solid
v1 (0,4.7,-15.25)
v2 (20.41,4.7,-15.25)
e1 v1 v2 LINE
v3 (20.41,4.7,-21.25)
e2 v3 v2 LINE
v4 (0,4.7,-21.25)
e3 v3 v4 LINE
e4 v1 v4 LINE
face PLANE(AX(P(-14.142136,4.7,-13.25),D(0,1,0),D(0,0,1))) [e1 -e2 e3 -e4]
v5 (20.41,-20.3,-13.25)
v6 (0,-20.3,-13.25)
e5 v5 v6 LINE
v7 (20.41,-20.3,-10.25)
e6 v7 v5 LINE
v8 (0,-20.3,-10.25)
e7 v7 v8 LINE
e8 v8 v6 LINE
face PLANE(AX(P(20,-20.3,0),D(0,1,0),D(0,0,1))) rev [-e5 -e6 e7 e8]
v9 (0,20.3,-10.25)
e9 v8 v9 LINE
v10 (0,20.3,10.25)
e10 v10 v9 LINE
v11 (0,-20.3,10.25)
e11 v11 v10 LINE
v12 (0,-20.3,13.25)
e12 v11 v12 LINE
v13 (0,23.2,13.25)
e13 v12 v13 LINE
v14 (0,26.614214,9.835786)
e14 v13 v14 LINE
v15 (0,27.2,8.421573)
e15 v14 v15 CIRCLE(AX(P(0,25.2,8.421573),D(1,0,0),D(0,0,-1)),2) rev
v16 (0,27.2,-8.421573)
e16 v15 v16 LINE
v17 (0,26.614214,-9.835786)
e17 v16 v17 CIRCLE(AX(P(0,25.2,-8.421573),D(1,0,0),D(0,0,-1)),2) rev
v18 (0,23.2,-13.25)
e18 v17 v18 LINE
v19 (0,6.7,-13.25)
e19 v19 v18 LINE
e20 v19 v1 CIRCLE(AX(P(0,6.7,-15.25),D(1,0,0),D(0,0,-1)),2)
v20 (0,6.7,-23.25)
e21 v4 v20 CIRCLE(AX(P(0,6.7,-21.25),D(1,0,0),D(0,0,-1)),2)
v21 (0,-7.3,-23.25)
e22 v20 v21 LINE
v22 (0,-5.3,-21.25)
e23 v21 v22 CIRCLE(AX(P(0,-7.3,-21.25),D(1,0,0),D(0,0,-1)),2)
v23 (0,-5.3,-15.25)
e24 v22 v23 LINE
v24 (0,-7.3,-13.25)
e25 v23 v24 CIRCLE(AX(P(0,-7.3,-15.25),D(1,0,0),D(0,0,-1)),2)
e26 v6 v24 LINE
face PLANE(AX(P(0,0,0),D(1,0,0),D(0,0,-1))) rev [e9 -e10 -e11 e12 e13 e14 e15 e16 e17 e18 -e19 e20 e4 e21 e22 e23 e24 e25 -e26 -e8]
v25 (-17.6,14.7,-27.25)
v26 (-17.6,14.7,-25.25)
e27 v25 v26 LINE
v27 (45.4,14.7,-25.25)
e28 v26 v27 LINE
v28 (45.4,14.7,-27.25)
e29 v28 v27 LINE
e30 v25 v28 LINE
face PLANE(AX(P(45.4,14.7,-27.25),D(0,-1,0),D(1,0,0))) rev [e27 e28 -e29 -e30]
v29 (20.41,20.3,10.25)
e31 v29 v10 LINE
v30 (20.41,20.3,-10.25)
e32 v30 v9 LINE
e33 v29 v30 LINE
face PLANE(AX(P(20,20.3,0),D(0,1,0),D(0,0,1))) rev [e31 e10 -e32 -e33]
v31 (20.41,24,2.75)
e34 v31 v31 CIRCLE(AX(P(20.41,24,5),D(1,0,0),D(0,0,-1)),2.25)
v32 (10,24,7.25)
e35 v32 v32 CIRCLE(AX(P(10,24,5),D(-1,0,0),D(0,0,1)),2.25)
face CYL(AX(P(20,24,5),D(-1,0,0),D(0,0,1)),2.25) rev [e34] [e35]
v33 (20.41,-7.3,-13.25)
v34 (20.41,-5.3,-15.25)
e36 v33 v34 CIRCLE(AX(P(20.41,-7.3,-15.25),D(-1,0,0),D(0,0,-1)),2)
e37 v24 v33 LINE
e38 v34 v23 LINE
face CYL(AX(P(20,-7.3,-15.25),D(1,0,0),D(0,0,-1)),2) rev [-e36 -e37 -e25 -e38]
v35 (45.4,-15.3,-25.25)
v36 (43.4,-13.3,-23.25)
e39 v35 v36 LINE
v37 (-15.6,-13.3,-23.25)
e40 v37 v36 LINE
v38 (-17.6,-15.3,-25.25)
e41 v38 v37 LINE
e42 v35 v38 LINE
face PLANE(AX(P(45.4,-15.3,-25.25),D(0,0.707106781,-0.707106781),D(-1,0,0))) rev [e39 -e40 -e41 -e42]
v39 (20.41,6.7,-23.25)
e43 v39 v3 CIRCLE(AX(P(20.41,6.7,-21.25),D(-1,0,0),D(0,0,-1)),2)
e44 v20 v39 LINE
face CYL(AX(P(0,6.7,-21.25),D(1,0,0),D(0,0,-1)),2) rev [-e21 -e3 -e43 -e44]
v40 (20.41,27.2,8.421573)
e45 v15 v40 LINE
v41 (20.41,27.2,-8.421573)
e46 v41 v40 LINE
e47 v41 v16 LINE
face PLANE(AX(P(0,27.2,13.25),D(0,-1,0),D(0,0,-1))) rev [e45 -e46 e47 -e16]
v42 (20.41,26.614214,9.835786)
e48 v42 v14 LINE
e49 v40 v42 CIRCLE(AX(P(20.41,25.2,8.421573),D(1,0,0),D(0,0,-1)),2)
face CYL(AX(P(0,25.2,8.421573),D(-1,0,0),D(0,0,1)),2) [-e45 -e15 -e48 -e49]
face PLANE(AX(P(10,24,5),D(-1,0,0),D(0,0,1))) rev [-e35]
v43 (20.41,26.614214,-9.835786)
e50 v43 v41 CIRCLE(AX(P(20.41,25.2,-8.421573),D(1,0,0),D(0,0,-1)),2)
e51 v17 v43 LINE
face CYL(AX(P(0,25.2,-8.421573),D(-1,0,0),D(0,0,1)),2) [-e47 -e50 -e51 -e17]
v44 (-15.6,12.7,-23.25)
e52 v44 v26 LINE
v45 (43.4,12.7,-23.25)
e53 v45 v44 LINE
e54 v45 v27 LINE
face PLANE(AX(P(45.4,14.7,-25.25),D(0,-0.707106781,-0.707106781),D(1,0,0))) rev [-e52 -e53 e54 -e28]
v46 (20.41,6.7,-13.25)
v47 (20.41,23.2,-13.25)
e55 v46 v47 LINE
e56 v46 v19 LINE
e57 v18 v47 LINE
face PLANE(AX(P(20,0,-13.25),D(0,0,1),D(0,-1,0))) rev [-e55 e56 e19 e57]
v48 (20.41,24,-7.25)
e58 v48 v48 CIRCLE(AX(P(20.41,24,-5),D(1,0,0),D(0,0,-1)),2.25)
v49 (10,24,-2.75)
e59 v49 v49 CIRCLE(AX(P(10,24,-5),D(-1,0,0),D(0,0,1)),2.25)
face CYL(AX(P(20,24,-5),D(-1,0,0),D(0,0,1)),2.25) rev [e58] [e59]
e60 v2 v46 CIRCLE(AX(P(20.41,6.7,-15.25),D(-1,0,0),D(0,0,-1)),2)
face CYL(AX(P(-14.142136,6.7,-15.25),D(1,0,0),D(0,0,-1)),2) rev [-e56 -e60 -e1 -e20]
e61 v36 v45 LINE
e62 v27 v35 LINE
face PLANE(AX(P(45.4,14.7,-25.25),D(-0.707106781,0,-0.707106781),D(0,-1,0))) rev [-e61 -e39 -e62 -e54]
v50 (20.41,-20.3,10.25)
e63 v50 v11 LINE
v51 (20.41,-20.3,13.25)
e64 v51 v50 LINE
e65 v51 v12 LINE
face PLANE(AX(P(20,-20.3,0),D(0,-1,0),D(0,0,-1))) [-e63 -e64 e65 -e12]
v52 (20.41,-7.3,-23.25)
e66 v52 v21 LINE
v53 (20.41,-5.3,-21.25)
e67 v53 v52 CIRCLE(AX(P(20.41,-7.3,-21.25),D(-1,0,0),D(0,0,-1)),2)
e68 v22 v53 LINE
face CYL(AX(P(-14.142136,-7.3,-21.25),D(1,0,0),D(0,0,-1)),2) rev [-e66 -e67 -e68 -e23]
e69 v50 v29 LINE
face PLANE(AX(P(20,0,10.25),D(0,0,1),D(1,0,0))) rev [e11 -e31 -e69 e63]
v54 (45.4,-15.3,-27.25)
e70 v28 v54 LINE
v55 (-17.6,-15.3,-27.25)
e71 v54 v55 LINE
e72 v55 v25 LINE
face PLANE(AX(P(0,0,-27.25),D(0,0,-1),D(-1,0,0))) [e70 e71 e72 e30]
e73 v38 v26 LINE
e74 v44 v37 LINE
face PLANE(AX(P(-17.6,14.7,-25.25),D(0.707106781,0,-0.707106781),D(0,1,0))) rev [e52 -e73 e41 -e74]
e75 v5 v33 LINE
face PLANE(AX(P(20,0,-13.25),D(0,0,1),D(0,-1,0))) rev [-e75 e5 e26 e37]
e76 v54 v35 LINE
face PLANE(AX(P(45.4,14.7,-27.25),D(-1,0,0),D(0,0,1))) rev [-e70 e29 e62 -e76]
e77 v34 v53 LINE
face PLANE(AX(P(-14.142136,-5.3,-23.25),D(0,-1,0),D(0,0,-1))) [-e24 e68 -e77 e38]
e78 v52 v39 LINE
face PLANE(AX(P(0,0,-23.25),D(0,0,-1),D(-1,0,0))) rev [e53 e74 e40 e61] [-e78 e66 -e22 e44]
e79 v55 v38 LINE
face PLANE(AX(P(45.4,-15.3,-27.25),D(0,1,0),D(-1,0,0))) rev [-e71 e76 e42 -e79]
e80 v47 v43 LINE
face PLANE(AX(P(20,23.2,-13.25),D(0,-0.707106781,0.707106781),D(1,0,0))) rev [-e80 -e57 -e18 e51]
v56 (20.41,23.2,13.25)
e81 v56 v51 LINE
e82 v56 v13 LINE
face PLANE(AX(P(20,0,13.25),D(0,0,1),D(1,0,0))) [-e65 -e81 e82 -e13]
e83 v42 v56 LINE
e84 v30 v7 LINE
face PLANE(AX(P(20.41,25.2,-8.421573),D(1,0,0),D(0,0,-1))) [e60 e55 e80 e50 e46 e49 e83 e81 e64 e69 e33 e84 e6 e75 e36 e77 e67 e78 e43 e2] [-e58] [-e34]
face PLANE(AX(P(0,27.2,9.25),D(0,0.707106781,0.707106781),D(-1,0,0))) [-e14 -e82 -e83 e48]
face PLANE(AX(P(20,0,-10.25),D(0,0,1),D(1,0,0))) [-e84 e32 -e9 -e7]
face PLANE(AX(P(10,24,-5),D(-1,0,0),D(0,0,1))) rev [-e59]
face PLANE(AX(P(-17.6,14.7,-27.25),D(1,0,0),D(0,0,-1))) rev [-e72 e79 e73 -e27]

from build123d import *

# Parameters (mm, degrees)
SKETCH1_R           = 2.25
BOSS_EXTRUDE1_DEPTH = 20
SKETCH2_R           = 2.25
BOSS_EXTRUDE2_DEPTH = 10
SKETCH4_W           = 26.5
SKETCH4_H           = 2.5
CUT_EXTRUDE1_DEPTH  = 39.17921555
CHAMFER2_SIZE       = 4
CHAMFER3_SIZE       = 4
FILLET4_R           = 2
SKETCH7_W           = 10
SKETCH7_H           = 10
BOSS_EXTRUDE5_DEPTH = 20
FILLET6_R           = 2
SKETCH8_W           = 63
SKETCH8_H           = 30
BOSS_EXTRUDE6_DEPTH = 4
CHAMFER4_SIZE       = 2
FILLET7_R           = 2
SKETCH13_R          = 2.25
BOSS_EXTRUDE7_DEPTH = 0.41


with BuildPart() as part:
    # Sketch1 → Boss-Extrude1 (new body)
    with BuildSketch(Plane(origin=(0, 0, 0), x_dir=(0, 0, -1), z_dir=(1, 0, 0))):
        Polygon((10.25, -20.3), (13.25, -20.3), (13.25, 29.7), (-13.25, 29.7), (-13.25, -20.3), (-10.25, -20.3), (-10.25, 20.3), (10.25, 20.3), align=None)
        with Locations((5, 24)):
            Circle(SKETCH1_R, mode=Mode.SUBTRACT)
        with Locations((-5, 24)):
            Circle(SKETCH1_R, mode=Mode.SUBTRACT)
    extrude(amount=BOSS_EXTRUDE1_DEPTH)

    # Sketch2 → Boss-Extrude2 (add)
    with BuildSketch(Plane.ZY):
        with Locations((-5, 24)):
            Circle(SKETCH2_R)
        with Locations((5, 24)):
            Circle(SKETCH2_R)
    extrude(amount=-BOSS_EXTRUDE2_DEPTH)

    # Sketch4 → Cut-Extrude1 (cut, through all)
    with BuildSketch(Plane(origin=(20, 0, 0), x_dir=(0, 0, -1), z_dir=(1, 0, 0))):
        with Locations((0, 28.45)):
            Rectangle(SKETCH4_W, SKETCH4_H)
    extrude(amount=-CUT_EXTRUDE1_DEPTH, mode=Mode.SUBTRACT)

    # Chamfer2
    chamfer2_edges = [part.edges().sort_by_distance(p)[0] for p in [
        (10, 27.2, -13.25),
    ]]
    chamfer(chamfer2_edges, length=CHAMFER2_SIZE)

    # Chamfer3
    chamfer3_edges = [part.edges().sort_by_distance(p)[0] for p in [
        (10, 27.2, 13.25),
    ]]
    chamfer(chamfer3_edges, length=CHAMFER3_SIZE)

    # Fillet4
    fillet4_edges = [part.edges().sort_by_distance(p)[0] for p in [
        (10, 27.2, -9.25),
        (10, 27.2, 9.25),
    ]]
    fillet(fillet4_edges, radius=FILLET4_R)

    # Sketch7 → Boss-Extrude5 (add)
    with BuildSketch(Plane(origin=(20, 0, 0), x_dir=(0, 0, -1), z_dir=(1, 0, 0))):
        with Locations((18.25, -0.3)):
            Rectangle(SKETCH7_W, SKETCH7_H)
    extrude(amount=-BOSS_EXTRUDE5_DEPTH)

    # Fillet6
    fillet6_edges = [part.edges().sort_by_distance(p)[0] for p in [
        (10, -5.3, -13.25),
        (10, 4.7, -13.25),
    ]]
    fillet(fillet6_edges, radius=FILLET6_R)

    # Sketch8 → Boss-Extrude6 (add)
    with BuildSketch(Plane(origin=(0, 0, -23.25), x_dir=(-1, 0, 0), z_dir=(0, 0, -1))):
        with Locations((-13.9, -0.3)):
            Rectangle(SKETCH8_W, SKETCH8_H)
    extrude(amount=BOSS_EXTRUDE6_DEPTH)

    # Chamfer4
    chamfer4_edges = [part.edges().sort_by_distance(p)[0] for p in [
        (45.4, -0.3, -23.25),
        (13.9, -15.3, -23.25),
        (-17.6, -0.3, -23.25),
        (13.9, 14.7, -23.25),
    ]]
    chamfer(chamfer4_edges, length=CHAMFER4_SIZE)

    # Fillet7
    fillet7_edges = [part.edges().sort_by_distance(p)[0] for p in [
        (10, 4.7, -23.25),
        (10, -5.3, -23.25),
    ]]
    fillet(fillet7_edges, radius=FILLET7_R)

    # Sketch13 → Boss-Extrude7 (add)
    with BuildSketch(Plane(origin=(20, 0, 0), x_dir=(0, 0, -1), z_dir=(1, 0, 0))):
        with BuildLine():
            Line((13.25, 23.2), (9.835786438, 26.614213562))
            ThreePointArc((9.835786438, 26.614213562), (9.18693974, 27.047759065), (8.421572875, 27.2))
            Line((8.421572875, 27.2), (-8.421572875, 27.2))
            ThreePointArc((-8.421572875, 27.2), (-9.18693974, 27.047759065), (-9.835786438, 26.614213562))
            Line((-9.835786438, 26.614213562), (-13.25, 23.2))
            Line((-13.25, 23.2), (-13.25, -20.3))
            Line((-13.25, -20.3), (-10.25, -20.3))
            Line((-10.25, -20.3), (-10.25, 20.3))
            Line((-10.25, 20.3), (10.25, 20.3))
            Line((10.25, 20.3), (10.25, -20.3))
            Line((10.25, -20.3), (13.25, -20.3))
            Line((13.25, -20.3), (13.25, -7.3))
            ThreePointArc((13.25, -7.3), (13.835786438, -5.885786438), (15.25, -5.3))
            Line((15.25, -5.3), (21.25, -5.3))
            ThreePointArc((21.25, -5.3), (22.664213562, -5.885786438), (23.25, -7.3))
            Line((23.25, -7.3), (23.25, 6.7))
            ThreePointArc((23.25, 6.7), (22.664213562, 5.285786438), (21.25, 4.7))
            Line((21.25, 4.7), (15.25, 4.7))
            ThreePointArc((15.25, 4.7), (13.835786438, 5.285786438), (13.25, 6.7))
            Line((13.25, 6.7), (13.25, 23.2))
        make_face()
        with Locations(Location((5, 24, 0), (0, 0, 180))):
            Circle(SKETCH13_R, mode=Mode.SUBTRACT)
        with Locations(Location((-5, 24, 0), (0, 0, 180))):
            Circle(SKETCH13_R, mode=Mode.SUBTRACT)
    extrude(amount=BOSS_EXTRUDE7_DEPTH)


solid = part.part
